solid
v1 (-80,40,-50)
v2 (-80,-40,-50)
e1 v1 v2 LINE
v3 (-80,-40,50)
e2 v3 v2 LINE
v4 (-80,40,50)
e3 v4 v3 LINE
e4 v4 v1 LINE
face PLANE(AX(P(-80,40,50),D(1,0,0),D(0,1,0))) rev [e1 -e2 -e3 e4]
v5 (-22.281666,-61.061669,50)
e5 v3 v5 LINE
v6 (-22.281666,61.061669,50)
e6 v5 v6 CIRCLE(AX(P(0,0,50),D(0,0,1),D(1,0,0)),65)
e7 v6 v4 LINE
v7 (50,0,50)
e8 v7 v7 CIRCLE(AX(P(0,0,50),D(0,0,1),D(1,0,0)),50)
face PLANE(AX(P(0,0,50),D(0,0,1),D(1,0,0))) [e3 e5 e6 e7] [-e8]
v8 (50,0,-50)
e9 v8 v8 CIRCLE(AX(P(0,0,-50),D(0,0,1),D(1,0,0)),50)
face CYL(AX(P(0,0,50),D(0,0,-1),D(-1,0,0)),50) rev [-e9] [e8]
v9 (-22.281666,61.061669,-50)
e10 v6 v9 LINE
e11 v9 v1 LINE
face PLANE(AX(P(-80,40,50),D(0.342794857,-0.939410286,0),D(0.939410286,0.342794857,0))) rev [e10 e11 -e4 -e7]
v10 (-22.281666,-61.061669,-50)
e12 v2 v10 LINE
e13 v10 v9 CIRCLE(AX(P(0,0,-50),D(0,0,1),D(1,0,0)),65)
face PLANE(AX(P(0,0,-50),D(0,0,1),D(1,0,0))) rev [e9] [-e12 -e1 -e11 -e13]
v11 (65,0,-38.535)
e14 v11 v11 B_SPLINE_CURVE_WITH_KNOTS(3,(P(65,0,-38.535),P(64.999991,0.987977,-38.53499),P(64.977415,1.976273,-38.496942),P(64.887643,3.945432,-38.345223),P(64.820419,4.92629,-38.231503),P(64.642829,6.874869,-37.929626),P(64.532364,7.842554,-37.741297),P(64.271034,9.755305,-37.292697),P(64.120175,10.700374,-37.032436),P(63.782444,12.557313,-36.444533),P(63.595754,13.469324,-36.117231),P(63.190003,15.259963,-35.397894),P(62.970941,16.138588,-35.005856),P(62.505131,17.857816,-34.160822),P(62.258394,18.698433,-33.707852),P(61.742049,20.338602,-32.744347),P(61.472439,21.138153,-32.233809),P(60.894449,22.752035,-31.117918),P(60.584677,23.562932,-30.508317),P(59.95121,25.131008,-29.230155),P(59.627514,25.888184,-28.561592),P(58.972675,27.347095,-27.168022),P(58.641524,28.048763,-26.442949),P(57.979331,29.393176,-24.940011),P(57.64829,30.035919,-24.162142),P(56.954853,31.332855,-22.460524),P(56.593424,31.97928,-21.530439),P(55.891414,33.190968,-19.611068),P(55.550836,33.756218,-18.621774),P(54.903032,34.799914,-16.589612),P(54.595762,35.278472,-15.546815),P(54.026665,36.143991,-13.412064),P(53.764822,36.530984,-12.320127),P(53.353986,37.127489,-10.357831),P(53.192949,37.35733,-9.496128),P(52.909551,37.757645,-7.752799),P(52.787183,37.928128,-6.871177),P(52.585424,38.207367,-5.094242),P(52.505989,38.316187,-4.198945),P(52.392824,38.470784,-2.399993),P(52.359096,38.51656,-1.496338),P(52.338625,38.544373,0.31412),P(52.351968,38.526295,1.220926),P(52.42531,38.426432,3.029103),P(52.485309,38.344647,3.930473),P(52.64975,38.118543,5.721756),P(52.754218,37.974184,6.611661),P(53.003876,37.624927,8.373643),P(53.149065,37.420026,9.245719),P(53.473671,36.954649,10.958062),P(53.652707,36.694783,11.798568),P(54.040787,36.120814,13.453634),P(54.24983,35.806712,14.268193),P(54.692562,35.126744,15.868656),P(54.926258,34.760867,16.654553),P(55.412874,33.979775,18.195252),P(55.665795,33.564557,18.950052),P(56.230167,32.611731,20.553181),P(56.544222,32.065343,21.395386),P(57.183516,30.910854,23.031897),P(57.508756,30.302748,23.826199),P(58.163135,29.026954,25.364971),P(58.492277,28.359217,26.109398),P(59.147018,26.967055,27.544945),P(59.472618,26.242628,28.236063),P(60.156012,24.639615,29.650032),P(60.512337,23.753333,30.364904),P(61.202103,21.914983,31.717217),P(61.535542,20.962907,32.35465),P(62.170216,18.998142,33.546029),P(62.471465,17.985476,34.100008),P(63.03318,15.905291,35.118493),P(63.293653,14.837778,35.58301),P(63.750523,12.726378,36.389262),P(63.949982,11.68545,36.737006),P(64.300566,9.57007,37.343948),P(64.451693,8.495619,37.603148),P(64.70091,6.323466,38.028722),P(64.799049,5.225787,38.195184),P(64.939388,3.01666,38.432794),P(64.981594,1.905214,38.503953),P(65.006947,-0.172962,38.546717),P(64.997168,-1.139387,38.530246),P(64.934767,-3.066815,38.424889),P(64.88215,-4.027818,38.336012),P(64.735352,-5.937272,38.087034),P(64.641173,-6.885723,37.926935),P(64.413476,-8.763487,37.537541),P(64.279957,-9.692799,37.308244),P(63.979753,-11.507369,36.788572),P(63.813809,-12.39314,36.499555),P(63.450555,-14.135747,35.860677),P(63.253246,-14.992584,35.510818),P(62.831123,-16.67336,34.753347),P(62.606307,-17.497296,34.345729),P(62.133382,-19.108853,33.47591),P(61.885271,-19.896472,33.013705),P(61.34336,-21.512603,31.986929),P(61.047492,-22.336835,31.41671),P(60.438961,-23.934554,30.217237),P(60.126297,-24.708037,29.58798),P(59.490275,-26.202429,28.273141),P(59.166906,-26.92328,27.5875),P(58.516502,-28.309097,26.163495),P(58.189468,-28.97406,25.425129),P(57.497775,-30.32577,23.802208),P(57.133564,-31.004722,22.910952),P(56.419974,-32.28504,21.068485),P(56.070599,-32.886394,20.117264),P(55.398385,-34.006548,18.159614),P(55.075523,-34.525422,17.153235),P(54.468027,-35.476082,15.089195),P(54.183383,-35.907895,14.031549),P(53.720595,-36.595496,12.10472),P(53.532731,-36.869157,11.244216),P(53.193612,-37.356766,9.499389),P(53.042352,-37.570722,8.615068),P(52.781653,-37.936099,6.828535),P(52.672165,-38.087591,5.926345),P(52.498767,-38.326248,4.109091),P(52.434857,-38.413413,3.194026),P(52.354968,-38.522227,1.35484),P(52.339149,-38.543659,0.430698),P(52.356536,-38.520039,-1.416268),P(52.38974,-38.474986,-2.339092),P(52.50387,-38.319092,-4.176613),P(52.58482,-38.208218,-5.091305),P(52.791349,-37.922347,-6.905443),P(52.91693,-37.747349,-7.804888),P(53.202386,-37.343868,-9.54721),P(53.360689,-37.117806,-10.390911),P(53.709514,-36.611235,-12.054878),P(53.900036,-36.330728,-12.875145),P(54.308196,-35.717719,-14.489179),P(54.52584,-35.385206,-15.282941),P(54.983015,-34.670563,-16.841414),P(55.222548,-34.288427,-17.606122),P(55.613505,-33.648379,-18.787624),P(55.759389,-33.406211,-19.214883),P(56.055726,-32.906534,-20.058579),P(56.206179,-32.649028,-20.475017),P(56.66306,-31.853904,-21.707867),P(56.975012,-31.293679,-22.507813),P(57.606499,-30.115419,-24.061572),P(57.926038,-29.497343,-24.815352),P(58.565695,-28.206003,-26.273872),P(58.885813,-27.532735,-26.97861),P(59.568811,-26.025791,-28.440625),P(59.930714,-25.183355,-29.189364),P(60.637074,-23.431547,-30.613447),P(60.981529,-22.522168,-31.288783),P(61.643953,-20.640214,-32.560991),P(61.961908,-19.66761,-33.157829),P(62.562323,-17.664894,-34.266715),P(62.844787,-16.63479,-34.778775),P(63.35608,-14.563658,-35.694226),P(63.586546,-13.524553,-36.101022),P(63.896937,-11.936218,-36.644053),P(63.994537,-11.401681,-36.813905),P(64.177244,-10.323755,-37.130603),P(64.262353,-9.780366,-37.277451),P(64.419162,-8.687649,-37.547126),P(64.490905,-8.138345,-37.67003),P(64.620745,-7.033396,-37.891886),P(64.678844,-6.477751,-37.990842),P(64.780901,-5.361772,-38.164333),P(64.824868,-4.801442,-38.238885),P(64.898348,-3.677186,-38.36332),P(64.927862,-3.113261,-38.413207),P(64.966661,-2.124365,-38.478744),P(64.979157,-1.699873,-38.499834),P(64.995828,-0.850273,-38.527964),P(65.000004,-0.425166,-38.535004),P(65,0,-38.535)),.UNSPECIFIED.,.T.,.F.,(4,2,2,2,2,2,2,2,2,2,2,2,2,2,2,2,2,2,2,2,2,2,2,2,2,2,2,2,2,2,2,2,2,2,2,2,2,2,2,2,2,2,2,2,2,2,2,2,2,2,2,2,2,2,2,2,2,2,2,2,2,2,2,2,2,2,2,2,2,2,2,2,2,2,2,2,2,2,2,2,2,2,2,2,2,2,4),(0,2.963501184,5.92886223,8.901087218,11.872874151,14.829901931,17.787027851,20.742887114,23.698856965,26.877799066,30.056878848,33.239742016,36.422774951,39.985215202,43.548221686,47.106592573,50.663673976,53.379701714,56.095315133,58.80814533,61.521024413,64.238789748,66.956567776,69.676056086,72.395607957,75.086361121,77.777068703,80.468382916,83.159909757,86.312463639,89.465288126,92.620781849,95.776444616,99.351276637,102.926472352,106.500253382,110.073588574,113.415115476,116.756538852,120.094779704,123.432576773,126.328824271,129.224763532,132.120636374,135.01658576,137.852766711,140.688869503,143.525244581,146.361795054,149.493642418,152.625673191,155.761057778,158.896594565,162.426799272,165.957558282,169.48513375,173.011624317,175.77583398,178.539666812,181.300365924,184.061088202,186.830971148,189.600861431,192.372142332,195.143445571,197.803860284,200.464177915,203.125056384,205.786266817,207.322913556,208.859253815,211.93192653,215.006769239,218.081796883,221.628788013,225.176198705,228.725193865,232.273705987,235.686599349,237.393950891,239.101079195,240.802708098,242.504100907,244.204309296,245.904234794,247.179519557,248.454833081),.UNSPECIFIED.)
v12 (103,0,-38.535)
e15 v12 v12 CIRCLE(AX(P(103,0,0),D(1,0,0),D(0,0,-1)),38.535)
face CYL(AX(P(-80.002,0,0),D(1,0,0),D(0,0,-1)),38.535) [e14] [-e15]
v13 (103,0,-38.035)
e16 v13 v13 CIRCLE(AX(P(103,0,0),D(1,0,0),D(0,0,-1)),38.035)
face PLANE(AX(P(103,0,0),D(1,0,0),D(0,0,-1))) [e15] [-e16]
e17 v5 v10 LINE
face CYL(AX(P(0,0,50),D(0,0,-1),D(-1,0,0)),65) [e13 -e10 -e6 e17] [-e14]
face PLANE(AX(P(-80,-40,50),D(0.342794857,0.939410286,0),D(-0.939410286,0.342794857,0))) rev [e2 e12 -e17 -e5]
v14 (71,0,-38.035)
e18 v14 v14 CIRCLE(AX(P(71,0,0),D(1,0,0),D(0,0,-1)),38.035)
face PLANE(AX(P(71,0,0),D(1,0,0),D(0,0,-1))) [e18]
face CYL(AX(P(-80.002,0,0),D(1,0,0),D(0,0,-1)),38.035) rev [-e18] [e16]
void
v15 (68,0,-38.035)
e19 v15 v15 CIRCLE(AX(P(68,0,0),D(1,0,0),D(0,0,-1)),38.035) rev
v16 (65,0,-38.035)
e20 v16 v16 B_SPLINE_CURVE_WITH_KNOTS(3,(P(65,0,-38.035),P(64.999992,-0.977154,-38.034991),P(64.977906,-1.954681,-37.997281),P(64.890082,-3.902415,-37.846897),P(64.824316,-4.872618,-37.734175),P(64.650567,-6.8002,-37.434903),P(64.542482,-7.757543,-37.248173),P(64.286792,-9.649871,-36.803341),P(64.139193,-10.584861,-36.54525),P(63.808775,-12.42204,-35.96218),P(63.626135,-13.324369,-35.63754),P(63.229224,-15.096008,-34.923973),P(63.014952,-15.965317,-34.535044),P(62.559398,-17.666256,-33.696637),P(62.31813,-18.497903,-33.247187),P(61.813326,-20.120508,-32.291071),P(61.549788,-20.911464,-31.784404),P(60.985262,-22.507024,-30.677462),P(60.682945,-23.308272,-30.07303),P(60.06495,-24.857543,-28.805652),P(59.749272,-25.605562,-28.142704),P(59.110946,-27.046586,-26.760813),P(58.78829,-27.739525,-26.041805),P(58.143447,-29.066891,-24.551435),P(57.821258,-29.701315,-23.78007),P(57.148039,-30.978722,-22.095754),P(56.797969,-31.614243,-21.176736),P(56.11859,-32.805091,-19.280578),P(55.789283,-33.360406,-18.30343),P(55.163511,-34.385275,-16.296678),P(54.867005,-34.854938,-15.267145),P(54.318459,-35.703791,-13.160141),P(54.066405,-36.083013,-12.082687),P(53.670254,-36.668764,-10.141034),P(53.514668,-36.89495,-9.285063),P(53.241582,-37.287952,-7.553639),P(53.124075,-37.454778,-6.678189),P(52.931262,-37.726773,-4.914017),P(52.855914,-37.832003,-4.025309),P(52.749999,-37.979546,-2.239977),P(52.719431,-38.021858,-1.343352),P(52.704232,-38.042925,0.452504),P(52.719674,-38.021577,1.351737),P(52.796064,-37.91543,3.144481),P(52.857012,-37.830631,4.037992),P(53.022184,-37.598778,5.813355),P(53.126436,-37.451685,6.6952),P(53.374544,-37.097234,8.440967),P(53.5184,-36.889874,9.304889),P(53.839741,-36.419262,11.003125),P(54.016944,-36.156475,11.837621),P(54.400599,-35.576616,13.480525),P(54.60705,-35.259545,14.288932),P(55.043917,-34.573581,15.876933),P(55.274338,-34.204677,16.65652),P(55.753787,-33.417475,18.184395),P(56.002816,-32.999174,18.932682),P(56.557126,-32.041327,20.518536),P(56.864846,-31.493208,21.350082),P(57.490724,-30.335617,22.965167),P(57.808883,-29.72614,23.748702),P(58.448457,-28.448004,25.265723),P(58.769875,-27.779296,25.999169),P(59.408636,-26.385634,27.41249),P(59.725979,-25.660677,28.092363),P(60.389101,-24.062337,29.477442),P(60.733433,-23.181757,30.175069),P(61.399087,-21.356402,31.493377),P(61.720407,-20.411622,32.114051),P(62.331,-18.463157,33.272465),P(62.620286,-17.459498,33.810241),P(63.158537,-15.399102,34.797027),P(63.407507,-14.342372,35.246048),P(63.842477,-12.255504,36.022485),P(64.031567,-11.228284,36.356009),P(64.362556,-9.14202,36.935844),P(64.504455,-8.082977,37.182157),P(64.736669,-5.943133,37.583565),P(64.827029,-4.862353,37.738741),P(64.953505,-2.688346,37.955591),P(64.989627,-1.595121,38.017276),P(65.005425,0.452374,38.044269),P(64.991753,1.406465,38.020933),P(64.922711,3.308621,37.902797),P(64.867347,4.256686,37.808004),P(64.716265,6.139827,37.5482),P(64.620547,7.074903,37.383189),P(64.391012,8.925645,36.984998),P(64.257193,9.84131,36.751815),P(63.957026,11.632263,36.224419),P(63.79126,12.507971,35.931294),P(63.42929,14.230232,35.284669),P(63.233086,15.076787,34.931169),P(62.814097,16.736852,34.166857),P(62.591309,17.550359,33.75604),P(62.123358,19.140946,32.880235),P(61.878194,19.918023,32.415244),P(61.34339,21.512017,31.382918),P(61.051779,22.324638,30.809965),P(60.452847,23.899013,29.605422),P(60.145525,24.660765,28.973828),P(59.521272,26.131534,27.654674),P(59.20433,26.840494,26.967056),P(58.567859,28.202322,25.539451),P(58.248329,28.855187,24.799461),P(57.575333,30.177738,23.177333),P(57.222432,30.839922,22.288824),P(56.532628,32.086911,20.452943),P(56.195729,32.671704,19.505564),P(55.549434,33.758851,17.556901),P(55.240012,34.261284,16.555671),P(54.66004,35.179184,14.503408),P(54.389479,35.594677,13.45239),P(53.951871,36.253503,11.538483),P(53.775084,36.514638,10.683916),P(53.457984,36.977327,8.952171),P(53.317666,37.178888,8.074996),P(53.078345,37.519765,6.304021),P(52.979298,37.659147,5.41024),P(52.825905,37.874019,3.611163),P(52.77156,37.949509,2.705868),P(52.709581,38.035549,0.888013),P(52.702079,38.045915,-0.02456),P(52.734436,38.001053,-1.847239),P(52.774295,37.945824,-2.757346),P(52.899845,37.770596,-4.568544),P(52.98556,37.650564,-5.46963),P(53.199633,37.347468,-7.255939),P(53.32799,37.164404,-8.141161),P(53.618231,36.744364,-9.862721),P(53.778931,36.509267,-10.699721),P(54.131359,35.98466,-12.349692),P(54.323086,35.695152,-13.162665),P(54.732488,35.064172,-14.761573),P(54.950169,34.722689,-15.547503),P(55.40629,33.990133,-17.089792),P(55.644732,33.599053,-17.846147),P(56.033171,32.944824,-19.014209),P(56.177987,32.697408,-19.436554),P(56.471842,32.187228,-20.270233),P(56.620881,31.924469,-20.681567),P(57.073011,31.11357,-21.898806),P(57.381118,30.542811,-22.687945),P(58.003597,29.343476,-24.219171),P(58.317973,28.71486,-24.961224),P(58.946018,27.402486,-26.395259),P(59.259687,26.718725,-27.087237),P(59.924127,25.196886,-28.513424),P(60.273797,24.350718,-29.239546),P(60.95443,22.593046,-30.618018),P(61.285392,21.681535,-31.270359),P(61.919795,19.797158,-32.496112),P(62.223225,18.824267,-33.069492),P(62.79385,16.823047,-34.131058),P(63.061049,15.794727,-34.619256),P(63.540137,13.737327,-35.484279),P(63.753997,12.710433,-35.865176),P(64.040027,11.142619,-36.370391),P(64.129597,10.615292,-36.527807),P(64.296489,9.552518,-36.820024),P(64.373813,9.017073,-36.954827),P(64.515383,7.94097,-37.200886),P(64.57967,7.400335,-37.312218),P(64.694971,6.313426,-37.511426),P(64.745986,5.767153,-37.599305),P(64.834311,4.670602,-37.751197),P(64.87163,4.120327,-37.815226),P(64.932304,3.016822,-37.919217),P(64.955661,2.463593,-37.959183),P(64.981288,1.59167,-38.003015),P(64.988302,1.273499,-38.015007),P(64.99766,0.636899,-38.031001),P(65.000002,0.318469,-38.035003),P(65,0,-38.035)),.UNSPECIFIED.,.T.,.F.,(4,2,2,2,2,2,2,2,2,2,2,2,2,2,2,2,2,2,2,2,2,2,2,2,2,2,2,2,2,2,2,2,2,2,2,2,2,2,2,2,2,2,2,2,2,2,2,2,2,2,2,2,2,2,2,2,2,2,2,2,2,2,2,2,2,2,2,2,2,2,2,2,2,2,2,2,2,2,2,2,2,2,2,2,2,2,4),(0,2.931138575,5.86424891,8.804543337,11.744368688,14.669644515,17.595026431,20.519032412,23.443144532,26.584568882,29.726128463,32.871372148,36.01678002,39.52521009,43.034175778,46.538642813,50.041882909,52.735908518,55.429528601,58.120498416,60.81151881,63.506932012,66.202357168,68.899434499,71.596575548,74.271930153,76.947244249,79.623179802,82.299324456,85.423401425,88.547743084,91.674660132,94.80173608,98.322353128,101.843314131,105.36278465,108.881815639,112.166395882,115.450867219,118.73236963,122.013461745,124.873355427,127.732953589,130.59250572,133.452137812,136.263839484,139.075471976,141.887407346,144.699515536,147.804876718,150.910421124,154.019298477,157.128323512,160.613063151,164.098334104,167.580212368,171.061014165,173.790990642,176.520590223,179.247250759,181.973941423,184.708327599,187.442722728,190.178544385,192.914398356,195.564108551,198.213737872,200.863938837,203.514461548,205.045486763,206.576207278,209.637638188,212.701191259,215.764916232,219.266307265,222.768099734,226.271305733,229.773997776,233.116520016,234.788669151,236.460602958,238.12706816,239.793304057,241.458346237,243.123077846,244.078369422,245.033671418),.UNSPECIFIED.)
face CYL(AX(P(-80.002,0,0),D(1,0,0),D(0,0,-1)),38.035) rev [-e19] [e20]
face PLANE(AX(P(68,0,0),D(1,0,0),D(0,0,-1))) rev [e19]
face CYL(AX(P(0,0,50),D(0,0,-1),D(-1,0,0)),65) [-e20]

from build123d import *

# Parameters (mm, degrees)
SKETCH1_R                = 50
BOSS_EXTRUDE1_DEPTH      = 50
BOSS_EXTRUDE2_REACH      = 202.534
BOSS_EXTRUDE2_END_RADIUS = 65
SKETCH2_R                = 38.535
SKETCH2_R_2              = 38.035
BOSS_EXTRUDE3_START      = 3
SKETCH4_R                = 38.035
BOSS_EXTRUDE3_DEPTH      = 3


with BuildPart() as part:
    # Sketch1 → Boss-Extrude1 (new, symmetric)
    with BuildSketch(Plane.XY):
        with BuildLine():
            Line((-80, 40), (-80, -40))
            Line((-80, -40), (-22.281665693, -61.061668614))
            ThreePointArc((-22.281665693, -61.061668614), (65, 0), (-22.281665693, 61.061668614))
            Line((-22.281665693, 61.061668614), (-80, 40))
        make_face()
        Circle(SKETCH1_R, mode=Mode.SUBTRACT)
    extrude(amount=BOSS_EXTRUDE1_DEPTH, both=True)

    # Boss-Extrude2: up to this cylinder (the profile starts outside it)
    boss_extrude2_end = Plane(origin=(0, 0, 38.426007), z_dir=(0, 0, -1)) * Cylinder(BOSS_EXTRUDE2_END_RADIUS, 536.068, mode=Mode.PRIVATE)
    # Sketch2 → Boss-Extrude2 (add, up to the surface)
    with BuildSketch(Plane(origin=(103, 0, 0), x_dir=(0, 0, -1), z_dir=(1, 0, 0)), mode=Mode.PRIVATE) as boss_extrude2_sk1:
        Circle(SKETCH2_R)
        Circle(SKETCH2_R_2, mode=Mode.SUBTRACT)
    boss_extrude2_tool1 = extrude(boss_extrude2_sk1.sketch, amount=-BOSS_EXTRUDE2_REACH, mode=Mode.PRIVATE) - boss_extrude2_end
    add(boss_extrude2_tool1.solids().sort_by_distance((103, 0, 38.426007))[0])

    # Sketch4 → Boss-Extrude3 (add)
    with BuildSketch(Plane(origin=(68, 0, 0), x_dir=(0, 0, -1), z_dir=(1, 0, 0)).offset(BOSS_EXTRUDE3_START)):
        Circle(SKETCH4_R)
    extrude(amount=-BOSS_EXTRUDE3_DEPTH)


solid = part.part
